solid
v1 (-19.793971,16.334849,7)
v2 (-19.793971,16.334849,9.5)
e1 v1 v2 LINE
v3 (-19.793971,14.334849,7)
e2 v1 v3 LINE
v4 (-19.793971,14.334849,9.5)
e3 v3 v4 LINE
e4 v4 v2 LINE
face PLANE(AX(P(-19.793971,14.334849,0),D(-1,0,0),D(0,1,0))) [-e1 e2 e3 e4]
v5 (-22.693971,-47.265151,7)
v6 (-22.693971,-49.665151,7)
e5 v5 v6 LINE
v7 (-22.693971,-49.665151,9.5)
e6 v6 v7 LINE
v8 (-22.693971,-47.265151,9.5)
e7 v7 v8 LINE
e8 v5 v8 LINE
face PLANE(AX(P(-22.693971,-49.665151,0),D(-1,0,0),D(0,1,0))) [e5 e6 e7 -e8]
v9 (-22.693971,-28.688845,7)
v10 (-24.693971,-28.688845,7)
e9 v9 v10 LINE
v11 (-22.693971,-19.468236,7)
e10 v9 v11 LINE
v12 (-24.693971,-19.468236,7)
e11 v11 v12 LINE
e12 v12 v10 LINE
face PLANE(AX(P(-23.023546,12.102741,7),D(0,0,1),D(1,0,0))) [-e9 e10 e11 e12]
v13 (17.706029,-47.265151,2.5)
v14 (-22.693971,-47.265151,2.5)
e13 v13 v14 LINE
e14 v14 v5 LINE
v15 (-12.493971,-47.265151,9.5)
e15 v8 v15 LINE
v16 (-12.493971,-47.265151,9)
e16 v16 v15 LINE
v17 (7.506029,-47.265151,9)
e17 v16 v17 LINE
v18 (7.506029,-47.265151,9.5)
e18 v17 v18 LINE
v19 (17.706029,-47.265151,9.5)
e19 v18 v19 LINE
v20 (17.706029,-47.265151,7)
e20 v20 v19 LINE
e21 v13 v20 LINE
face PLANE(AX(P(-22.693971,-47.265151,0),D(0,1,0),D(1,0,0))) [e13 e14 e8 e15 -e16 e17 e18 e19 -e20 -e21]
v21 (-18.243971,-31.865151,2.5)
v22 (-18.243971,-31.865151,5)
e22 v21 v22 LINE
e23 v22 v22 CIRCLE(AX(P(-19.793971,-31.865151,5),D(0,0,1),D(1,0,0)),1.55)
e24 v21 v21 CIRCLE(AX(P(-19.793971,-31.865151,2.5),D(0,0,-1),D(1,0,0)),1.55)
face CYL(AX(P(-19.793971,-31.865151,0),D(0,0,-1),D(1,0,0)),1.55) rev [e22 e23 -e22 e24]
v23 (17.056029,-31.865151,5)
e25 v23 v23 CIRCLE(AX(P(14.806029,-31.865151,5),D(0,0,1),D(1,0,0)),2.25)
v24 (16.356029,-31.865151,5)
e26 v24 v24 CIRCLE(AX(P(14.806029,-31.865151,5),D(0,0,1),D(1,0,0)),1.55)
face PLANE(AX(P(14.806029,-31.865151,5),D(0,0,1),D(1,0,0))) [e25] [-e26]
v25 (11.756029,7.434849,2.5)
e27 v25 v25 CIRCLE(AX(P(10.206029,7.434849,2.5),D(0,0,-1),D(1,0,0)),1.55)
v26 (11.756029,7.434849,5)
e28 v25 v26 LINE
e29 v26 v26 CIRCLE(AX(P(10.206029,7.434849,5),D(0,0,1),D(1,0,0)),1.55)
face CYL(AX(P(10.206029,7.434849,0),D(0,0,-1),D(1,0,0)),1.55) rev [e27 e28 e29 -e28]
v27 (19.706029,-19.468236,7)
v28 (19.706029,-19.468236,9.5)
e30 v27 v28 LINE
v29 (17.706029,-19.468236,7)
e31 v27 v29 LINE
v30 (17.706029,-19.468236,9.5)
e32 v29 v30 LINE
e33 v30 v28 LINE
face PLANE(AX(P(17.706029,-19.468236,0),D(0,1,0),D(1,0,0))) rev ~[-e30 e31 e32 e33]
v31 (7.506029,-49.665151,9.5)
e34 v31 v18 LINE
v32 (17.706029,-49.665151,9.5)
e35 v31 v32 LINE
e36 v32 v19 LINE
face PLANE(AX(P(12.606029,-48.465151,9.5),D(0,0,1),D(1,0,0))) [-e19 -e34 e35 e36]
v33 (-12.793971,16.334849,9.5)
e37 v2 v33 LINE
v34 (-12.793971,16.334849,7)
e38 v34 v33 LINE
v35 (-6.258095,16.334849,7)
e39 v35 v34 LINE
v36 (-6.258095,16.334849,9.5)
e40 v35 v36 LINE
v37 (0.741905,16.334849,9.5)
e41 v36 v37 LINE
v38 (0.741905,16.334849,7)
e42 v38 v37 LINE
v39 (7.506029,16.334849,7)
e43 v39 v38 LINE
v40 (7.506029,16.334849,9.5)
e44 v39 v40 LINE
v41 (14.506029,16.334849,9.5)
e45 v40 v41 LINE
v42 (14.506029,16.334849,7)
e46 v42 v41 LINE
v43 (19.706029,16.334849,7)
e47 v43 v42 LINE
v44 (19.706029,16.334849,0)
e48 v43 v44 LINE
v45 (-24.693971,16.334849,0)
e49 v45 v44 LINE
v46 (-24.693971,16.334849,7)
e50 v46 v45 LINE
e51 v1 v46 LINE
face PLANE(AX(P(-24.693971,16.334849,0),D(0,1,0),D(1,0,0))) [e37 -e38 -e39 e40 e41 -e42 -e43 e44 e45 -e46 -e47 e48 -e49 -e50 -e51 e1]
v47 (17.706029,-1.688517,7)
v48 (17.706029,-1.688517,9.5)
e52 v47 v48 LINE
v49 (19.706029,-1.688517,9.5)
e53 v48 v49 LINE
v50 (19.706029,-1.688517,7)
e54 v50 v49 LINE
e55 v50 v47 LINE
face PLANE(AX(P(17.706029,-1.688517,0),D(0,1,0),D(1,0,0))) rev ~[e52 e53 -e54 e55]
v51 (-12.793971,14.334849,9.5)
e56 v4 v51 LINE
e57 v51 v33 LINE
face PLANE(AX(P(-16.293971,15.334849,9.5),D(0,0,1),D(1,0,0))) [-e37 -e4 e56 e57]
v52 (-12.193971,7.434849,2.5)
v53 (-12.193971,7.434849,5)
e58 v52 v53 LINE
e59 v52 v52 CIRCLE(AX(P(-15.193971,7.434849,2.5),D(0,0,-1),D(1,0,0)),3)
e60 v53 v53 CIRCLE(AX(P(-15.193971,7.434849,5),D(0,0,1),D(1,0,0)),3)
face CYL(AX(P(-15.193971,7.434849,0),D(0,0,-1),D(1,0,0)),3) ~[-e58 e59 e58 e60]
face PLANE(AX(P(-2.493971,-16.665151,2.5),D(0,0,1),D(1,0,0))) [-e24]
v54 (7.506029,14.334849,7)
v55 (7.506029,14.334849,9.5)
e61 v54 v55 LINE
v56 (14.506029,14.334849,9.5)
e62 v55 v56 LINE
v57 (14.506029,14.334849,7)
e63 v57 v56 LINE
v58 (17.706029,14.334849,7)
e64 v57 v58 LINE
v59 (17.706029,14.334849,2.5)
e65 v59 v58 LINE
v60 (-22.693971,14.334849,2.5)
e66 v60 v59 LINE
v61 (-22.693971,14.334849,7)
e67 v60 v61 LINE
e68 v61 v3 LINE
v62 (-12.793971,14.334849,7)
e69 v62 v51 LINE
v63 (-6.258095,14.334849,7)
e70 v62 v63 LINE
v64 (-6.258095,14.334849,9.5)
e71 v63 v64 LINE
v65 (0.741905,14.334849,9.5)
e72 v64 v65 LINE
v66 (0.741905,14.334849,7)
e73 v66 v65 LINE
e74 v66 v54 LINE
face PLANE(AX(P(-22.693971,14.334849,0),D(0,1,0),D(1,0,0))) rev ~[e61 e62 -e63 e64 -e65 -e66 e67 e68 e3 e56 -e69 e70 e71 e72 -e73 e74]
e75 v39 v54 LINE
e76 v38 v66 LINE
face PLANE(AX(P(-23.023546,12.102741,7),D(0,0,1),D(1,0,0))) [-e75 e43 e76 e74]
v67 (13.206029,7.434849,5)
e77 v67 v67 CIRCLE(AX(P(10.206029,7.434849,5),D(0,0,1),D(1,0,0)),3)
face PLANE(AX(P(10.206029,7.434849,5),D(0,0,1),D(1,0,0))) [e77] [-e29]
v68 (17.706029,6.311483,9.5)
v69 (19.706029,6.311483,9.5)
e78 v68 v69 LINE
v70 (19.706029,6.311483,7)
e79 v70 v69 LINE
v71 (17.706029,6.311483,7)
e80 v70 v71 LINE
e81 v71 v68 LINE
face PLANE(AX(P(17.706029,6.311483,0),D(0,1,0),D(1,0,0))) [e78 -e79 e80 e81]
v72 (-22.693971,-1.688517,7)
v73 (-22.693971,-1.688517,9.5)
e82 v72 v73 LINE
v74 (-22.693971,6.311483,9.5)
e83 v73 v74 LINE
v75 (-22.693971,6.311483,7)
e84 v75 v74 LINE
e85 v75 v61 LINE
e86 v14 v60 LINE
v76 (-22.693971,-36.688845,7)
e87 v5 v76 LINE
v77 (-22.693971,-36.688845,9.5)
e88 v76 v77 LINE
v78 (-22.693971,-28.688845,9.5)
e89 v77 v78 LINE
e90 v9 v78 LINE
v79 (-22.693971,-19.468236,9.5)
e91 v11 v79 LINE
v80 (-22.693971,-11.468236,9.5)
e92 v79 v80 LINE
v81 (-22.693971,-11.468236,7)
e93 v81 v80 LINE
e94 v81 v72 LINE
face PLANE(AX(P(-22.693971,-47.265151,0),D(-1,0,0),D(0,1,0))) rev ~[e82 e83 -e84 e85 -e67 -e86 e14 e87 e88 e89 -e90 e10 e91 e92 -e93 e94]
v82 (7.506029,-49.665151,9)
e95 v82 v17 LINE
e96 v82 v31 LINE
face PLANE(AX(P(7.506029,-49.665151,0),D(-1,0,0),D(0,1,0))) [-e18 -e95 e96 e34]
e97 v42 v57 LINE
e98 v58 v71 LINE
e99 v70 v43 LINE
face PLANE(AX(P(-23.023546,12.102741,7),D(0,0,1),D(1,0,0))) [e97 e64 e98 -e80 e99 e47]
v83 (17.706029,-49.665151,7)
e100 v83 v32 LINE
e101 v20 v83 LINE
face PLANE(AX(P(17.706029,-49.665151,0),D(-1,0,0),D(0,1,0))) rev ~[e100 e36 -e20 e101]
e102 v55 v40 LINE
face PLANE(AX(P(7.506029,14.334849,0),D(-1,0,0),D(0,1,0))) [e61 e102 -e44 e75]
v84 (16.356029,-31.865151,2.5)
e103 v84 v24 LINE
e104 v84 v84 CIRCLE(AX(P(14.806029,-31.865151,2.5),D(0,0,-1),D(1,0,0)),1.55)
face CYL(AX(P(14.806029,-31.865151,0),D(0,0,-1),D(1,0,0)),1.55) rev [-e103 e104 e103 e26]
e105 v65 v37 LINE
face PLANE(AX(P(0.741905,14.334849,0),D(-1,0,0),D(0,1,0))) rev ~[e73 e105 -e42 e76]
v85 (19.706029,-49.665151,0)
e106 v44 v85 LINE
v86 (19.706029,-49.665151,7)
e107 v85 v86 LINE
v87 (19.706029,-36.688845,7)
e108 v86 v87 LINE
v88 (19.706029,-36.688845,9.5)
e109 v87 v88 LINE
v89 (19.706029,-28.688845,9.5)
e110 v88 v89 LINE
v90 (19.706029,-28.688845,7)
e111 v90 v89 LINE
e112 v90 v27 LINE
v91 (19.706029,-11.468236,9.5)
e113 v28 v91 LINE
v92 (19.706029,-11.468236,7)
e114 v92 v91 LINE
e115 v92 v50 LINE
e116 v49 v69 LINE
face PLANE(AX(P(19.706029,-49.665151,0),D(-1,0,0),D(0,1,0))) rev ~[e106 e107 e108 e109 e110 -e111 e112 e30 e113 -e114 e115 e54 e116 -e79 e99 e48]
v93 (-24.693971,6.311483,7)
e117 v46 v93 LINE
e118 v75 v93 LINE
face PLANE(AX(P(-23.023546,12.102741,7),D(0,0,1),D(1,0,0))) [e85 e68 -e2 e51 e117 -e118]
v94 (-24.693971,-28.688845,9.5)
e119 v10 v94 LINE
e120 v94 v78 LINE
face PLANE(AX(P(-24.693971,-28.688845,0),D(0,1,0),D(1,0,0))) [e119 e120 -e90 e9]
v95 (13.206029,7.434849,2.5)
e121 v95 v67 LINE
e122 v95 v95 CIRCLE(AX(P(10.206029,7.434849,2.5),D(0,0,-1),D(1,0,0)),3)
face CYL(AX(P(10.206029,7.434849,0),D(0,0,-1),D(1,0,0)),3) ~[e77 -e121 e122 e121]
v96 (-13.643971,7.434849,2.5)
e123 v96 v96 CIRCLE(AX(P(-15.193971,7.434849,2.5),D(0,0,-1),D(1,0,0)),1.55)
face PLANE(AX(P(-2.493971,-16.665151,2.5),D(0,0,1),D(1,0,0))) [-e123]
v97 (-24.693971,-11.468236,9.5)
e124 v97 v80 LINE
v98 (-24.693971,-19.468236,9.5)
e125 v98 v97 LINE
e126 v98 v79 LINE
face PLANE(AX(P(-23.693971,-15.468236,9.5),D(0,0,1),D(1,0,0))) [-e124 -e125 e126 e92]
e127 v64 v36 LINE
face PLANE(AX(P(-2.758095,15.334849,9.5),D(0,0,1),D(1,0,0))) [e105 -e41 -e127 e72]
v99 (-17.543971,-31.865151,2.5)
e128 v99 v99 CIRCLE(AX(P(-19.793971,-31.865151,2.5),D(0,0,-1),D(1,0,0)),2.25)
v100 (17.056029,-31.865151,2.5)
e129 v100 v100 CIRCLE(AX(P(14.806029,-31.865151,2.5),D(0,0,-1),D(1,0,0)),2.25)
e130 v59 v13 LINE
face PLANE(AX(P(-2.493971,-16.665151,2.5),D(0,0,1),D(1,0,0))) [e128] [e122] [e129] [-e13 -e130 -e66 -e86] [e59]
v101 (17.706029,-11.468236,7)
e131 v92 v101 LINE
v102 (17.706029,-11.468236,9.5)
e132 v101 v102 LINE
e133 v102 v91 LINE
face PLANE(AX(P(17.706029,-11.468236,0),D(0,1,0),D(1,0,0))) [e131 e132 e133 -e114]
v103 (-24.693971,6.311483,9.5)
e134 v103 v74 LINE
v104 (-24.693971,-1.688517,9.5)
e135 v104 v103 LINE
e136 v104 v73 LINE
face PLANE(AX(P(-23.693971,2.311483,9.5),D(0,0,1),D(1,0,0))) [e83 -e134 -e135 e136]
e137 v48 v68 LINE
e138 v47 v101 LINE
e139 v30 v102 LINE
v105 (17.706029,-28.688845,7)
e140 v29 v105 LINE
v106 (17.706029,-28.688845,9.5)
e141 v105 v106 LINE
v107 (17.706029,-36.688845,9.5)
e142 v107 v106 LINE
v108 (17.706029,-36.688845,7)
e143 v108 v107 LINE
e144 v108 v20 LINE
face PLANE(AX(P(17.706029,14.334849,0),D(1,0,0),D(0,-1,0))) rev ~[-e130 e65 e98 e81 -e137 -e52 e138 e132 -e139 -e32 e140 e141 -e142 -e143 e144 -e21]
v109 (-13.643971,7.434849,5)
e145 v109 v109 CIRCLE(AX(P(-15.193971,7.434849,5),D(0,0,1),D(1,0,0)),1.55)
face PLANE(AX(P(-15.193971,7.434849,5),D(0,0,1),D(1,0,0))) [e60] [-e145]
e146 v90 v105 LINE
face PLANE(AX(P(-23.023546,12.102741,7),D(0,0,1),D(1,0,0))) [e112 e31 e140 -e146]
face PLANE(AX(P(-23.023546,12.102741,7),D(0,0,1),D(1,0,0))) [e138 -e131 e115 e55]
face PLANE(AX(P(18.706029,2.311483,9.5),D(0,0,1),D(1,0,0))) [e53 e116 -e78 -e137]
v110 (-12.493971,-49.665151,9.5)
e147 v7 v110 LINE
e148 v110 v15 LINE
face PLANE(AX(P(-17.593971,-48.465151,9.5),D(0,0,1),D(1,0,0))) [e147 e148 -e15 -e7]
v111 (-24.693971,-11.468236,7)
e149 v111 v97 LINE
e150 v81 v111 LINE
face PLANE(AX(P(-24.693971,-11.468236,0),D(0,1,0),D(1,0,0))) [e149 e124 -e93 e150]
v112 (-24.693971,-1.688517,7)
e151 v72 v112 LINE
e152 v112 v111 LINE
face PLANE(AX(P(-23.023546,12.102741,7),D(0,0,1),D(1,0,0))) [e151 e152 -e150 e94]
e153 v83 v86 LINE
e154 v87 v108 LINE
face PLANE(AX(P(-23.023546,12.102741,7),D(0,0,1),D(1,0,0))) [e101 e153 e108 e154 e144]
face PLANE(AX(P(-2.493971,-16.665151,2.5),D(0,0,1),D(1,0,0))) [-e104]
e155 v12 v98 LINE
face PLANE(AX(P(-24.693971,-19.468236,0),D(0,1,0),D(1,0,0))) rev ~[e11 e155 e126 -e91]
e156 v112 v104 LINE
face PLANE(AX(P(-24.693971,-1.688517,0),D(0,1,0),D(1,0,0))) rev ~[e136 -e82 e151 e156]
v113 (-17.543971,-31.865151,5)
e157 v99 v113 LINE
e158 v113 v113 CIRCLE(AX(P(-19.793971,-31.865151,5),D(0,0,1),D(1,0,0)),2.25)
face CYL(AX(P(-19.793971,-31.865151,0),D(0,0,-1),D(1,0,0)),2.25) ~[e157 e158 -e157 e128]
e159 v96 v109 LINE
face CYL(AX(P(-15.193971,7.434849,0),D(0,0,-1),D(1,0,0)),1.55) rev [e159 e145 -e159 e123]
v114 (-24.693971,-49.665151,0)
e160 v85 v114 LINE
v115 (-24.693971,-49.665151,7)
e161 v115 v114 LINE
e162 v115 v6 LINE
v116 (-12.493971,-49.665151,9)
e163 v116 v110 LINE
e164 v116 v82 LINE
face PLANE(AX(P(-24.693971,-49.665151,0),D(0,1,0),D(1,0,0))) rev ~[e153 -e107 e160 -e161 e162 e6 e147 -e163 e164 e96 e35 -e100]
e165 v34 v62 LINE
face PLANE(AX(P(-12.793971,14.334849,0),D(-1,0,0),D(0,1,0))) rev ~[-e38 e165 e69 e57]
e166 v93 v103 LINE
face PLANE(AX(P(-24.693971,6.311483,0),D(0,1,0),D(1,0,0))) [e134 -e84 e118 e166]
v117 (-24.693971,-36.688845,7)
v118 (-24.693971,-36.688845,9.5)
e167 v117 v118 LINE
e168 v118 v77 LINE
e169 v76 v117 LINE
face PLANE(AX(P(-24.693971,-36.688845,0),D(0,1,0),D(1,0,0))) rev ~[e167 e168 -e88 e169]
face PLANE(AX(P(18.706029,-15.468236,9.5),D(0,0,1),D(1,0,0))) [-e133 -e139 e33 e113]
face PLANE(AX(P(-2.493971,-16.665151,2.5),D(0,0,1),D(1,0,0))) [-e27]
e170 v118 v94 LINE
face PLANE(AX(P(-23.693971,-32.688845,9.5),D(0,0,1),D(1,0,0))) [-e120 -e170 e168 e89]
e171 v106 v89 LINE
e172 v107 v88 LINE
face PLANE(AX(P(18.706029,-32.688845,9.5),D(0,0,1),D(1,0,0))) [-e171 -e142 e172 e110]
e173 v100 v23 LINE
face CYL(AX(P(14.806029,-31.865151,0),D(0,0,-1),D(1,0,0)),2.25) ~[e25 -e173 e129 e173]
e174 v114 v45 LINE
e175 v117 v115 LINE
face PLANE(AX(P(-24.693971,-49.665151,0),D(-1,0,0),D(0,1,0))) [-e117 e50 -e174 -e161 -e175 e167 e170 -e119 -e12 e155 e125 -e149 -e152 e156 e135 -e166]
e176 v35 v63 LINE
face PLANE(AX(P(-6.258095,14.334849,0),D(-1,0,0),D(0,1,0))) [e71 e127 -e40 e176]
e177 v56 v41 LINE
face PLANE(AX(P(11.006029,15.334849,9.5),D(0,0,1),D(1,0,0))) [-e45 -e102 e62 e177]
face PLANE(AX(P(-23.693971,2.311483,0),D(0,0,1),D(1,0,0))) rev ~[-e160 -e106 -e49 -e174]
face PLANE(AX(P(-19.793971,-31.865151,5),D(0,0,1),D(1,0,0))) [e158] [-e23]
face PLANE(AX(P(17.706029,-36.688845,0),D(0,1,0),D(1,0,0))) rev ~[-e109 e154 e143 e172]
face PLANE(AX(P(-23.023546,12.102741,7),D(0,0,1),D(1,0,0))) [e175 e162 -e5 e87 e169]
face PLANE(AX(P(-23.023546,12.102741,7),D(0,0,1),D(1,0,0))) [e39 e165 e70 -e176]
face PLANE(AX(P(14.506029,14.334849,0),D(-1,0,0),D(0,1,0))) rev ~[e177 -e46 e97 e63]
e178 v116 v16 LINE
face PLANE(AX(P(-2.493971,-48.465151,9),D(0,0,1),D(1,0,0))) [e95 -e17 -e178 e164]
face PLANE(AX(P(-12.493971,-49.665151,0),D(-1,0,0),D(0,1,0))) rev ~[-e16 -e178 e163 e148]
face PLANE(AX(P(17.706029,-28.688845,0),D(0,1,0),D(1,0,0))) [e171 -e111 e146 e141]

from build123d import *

# Parameters (mm, degrees)
ESBO_O1_W                = 44.4
ESBO_O1_H                = 66
RESSALTO_EXTRUS_O1_DEPTH = 2.5
ESBO_O1_3_R              = 3
ESBO_O1_3_R_2            = 1.55
ESBO_O1_3_R_3            = 2.25
RESSALTO_EXTRUS_O2_DEPTH = 5
ESBO_O1_4_W              = 20
ESBO_O1_4_H              = 2.4
RESSALTO_EXTRUS_O3_DEPTH = 9
ESBO_O1_5_W              = 2
ESBO_O1_5_H              = 8
ESBO_O1_5_H_2            = 9.779719316
ESBO_O1_5_H_3            = 9.220608646
ESBO_O1_5_W_2            = 10.2
ESBO_O1_5_H_4            = 2.4
ESBO_O1_5_W_3            = 7
ESBO_O1_5_H_5            = 2
ESBO_O1_5_W_4            = 6.764123849
ESBO_O1_5_W_5            = 6.535876151
RESSALTO_EXTRUS_O4_DEPTH = 7
ESBO_O1_6_W              = 2
ESBO_O1_6_H              = 8
ESBO_O1_6_W_2            = 10.2
ESBO_O1_6_H_2            = 2.4
ESBO_O1_6_W_3            = 7
ESBO_O1_6_H_3            = 2
RESSALTO_EXTRUS_O5_DEPTH = 9.5


with BuildPart() as part:
    # Esboço1 → Ressalto-extrusão1 (new body)
    with BuildSketch(Plane.XY):
        with Locations((-2.493970888, -16.665150932)):
            Rectangle(ESBO_O1_W, ESBO_O1_H)
    extrude(amount=RESSALTO_EXTRUS_O1_DEPTH)

    # Esboço1<3> → Ressalto-extrusão2 (add)
    with BuildSketch(Plane.XY):
        with Locations((-15.193970888, 7.434849068)):
            Circle(ESBO_O1_3_R)
        with Locations((-15.193970888, 7.434849068)):
            Circle(ESBO_O1_3_R_2, mode=Mode.SUBTRACT)
        with Locations((10.206029112, 7.434849068)):
            Circle(ESBO_O1_3_R)
        with Locations((10.206029112, 7.434849068)):
            Circle(ESBO_O1_3_R_2, mode=Mode.SUBTRACT)
        with Locations((-19.793970888, -31.865150932)):
            Circle(ESBO_O1_3_R_3)
        with Locations((-19.793970888, -31.865150932)):
            Circle(ESBO_O1_3_R_2, mode=Mode.SUBTRACT)
        with Locations((14.806029112, -31.865150932)):
            Circle(ESBO_O1_3_R_3)
        with Locations((14.806029112, -31.865150932)):
            Circle(ESBO_O1_3_R_2, mode=Mode.SUBTRACT)
    extrude(amount=RESSALTO_EXTRUS_O2_DEPTH)

    # Esboço1<4> → Ressalto-extrusão3 (add)
    with BuildSketch(Plane.XY):
        with Locations((-2.493970888, -48.465150932)):
            Rectangle(ESBO_O1_4_W, ESBO_O1_4_H)
    extrude(amount=RESSALTO_EXTRUS_O3_DEPTH)

    # Esboço1<5> → Ressalto-extrusão4 (add)
    with BuildSketch(Plane.XY):
        Polygon((-24.693970888, 16.334849068), (-24.693970888, 6.311482938), (-22.693970888, 6.311482938), (-22.693970888, 14.334849068), (-19.793970888, 14.334849068), (-19.793970888, 16.334849068), align=None)
        with Locations((-23.693970888, 2.311482938)):
            Rectangle(ESBO_O1_5_W, ESBO_O1_5_H)
        with Locations((-23.693970888, -6.57837672)):
            Rectangle(ESBO_O1_5_W, ESBO_O1_5_H_2)
        with Locations((-23.693970888, -15.468236378)):
            Rectangle(ESBO_O1_5_W, ESBO_O1_5_H)
        with Locations((-23.693970888, -24.078540701)):
            Rectangle(ESBO_O1_5_W, ESBO_O1_5_H_3)
        with Locations((-23.693970888, -32.688845024)):
            Rectangle(ESBO_O1_5_W, ESBO_O1_5_H)
        Polygon((-24.693970888, -49.665150932), (-22.693970888, -49.665150932), (-22.693970888, -47.265150932), (-22.693970888, -36.688845024), (-24.693970888, -36.688845024), align=None)
        with Locations((-17.593970888, -48.465150932)):
            Rectangle(ESBO_O1_5_W_2, ESBO_O1_5_H_4)
        with Locations((12.606029112, -48.465150932)):
            Rectangle(ESBO_O1_5_W_2, ESBO_O1_5_H_4)
        Polygon((17.706029112, -47.265150932), (17.706029112, -49.665150932), (19.706029112, -49.665150932), (19.706029112, -36.688845024), (17.706029112, -36.688845024), align=None)
        with Locations((18.706029112, -32.688845024)):
            Rectangle(ESBO_O1_5_W, ESBO_O1_5_H)
        with Locations((18.706029112, -24.078540701)):
            Rectangle(ESBO_O1_5_W, ESBO_O1_5_H_3)
        with Locations((18.706029112, -15.468236378)):
            Rectangle(ESBO_O1_5_W, ESBO_O1_5_H)
        with Locations((18.706029112, -6.57837672)):
            Rectangle(ESBO_O1_5_W, ESBO_O1_5_H_2)
        with Locations((18.706029112, 2.311482938)):
            Rectangle(ESBO_O1_5_W, ESBO_O1_5_H)
        Polygon((17.706029112, 14.334849068), (17.706029112, 6.311482938), (19.706029112, 6.311482938), (19.706029112, 16.334849068), (14.506029112, 16.334849068), (14.506029112, 14.334849068), align=None)
        with Locations((11.006029112, 15.334849068)):
            Rectangle(ESBO_O1_5_W_3, ESBO_O1_5_H_5)
        with Locations((4.123967187, 15.334849068)):
            Rectangle(ESBO_O1_5_W_4, ESBO_O1_5_H_5)
        with Locations((-2.758094737, 15.334849068)):
            Rectangle(ESBO_O1_5_W_3, ESBO_O1_5_H_5)
        with Locations((-9.526032813, 15.334849068)):
            Rectangle(ESBO_O1_5_W_5, ESBO_O1_5_H_5)
        with Locations((-16.293970888, 15.334849068)):
            Rectangle(ESBO_O1_5_W_3, ESBO_O1_5_H_5)
    extrude(amount=RESSALTO_EXTRUS_O4_DEPTH)

    # Esboço1<6> → Ressalto-extrusão5 (add)
    with BuildSketch(Plane.XY):
        with Locations((-23.693970888, 2.311482938)):
            Rectangle(ESBO_O1_6_W, ESBO_O1_6_H)
        with Locations((-23.693970888, -15.468236378)):
            Rectangle(ESBO_O1_6_W, ESBO_O1_6_H)
        with Locations((-23.693970888, -32.688845024)):
            Rectangle(ESBO_O1_6_W, ESBO_O1_6_H)
        with Locations((-17.593970888, -48.465150932)):
            Rectangle(ESBO_O1_6_W_2, ESBO_O1_6_H_2)
        with Locations((12.606029112, -48.465150932)):
            Rectangle(ESBO_O1_6_W_2, ESBO_O1_6_H_2)
        with Locations((18.706029112, -32.688845024)):
            Rectangle(ESBO_O1_6_W, ESBO_O1_6_H)
        with Locations((18.706029112, -15.468236378)):
            Rectangle(ESBO_O1_6_W, ESBO_O1_6_H)
        with Locations((18.706029112, 2.311482938)):
            Rectangle(ESBO_O1_6_W, ESBO_O1_6_H)
        with Locations((11.006029112, 15.334849068)):
            Rectangle(ESBO_O1_6_W_3, ESBO_O1_6_H_3)
        with Locations((-2.758094737, 15.334849068)):
            Rectangle(ESBO_O1_6_W_3, ESBO_O1_6_H_3)
        with Locations((-16.293970888, 15.334849068)):
            Rectangle(ESBO_O1_6_W_3, ESBO_O1_6_H_3)
    extrude(amount=RESSALTO_EXTRUS_O5_DEPTH)


solid = part.part
